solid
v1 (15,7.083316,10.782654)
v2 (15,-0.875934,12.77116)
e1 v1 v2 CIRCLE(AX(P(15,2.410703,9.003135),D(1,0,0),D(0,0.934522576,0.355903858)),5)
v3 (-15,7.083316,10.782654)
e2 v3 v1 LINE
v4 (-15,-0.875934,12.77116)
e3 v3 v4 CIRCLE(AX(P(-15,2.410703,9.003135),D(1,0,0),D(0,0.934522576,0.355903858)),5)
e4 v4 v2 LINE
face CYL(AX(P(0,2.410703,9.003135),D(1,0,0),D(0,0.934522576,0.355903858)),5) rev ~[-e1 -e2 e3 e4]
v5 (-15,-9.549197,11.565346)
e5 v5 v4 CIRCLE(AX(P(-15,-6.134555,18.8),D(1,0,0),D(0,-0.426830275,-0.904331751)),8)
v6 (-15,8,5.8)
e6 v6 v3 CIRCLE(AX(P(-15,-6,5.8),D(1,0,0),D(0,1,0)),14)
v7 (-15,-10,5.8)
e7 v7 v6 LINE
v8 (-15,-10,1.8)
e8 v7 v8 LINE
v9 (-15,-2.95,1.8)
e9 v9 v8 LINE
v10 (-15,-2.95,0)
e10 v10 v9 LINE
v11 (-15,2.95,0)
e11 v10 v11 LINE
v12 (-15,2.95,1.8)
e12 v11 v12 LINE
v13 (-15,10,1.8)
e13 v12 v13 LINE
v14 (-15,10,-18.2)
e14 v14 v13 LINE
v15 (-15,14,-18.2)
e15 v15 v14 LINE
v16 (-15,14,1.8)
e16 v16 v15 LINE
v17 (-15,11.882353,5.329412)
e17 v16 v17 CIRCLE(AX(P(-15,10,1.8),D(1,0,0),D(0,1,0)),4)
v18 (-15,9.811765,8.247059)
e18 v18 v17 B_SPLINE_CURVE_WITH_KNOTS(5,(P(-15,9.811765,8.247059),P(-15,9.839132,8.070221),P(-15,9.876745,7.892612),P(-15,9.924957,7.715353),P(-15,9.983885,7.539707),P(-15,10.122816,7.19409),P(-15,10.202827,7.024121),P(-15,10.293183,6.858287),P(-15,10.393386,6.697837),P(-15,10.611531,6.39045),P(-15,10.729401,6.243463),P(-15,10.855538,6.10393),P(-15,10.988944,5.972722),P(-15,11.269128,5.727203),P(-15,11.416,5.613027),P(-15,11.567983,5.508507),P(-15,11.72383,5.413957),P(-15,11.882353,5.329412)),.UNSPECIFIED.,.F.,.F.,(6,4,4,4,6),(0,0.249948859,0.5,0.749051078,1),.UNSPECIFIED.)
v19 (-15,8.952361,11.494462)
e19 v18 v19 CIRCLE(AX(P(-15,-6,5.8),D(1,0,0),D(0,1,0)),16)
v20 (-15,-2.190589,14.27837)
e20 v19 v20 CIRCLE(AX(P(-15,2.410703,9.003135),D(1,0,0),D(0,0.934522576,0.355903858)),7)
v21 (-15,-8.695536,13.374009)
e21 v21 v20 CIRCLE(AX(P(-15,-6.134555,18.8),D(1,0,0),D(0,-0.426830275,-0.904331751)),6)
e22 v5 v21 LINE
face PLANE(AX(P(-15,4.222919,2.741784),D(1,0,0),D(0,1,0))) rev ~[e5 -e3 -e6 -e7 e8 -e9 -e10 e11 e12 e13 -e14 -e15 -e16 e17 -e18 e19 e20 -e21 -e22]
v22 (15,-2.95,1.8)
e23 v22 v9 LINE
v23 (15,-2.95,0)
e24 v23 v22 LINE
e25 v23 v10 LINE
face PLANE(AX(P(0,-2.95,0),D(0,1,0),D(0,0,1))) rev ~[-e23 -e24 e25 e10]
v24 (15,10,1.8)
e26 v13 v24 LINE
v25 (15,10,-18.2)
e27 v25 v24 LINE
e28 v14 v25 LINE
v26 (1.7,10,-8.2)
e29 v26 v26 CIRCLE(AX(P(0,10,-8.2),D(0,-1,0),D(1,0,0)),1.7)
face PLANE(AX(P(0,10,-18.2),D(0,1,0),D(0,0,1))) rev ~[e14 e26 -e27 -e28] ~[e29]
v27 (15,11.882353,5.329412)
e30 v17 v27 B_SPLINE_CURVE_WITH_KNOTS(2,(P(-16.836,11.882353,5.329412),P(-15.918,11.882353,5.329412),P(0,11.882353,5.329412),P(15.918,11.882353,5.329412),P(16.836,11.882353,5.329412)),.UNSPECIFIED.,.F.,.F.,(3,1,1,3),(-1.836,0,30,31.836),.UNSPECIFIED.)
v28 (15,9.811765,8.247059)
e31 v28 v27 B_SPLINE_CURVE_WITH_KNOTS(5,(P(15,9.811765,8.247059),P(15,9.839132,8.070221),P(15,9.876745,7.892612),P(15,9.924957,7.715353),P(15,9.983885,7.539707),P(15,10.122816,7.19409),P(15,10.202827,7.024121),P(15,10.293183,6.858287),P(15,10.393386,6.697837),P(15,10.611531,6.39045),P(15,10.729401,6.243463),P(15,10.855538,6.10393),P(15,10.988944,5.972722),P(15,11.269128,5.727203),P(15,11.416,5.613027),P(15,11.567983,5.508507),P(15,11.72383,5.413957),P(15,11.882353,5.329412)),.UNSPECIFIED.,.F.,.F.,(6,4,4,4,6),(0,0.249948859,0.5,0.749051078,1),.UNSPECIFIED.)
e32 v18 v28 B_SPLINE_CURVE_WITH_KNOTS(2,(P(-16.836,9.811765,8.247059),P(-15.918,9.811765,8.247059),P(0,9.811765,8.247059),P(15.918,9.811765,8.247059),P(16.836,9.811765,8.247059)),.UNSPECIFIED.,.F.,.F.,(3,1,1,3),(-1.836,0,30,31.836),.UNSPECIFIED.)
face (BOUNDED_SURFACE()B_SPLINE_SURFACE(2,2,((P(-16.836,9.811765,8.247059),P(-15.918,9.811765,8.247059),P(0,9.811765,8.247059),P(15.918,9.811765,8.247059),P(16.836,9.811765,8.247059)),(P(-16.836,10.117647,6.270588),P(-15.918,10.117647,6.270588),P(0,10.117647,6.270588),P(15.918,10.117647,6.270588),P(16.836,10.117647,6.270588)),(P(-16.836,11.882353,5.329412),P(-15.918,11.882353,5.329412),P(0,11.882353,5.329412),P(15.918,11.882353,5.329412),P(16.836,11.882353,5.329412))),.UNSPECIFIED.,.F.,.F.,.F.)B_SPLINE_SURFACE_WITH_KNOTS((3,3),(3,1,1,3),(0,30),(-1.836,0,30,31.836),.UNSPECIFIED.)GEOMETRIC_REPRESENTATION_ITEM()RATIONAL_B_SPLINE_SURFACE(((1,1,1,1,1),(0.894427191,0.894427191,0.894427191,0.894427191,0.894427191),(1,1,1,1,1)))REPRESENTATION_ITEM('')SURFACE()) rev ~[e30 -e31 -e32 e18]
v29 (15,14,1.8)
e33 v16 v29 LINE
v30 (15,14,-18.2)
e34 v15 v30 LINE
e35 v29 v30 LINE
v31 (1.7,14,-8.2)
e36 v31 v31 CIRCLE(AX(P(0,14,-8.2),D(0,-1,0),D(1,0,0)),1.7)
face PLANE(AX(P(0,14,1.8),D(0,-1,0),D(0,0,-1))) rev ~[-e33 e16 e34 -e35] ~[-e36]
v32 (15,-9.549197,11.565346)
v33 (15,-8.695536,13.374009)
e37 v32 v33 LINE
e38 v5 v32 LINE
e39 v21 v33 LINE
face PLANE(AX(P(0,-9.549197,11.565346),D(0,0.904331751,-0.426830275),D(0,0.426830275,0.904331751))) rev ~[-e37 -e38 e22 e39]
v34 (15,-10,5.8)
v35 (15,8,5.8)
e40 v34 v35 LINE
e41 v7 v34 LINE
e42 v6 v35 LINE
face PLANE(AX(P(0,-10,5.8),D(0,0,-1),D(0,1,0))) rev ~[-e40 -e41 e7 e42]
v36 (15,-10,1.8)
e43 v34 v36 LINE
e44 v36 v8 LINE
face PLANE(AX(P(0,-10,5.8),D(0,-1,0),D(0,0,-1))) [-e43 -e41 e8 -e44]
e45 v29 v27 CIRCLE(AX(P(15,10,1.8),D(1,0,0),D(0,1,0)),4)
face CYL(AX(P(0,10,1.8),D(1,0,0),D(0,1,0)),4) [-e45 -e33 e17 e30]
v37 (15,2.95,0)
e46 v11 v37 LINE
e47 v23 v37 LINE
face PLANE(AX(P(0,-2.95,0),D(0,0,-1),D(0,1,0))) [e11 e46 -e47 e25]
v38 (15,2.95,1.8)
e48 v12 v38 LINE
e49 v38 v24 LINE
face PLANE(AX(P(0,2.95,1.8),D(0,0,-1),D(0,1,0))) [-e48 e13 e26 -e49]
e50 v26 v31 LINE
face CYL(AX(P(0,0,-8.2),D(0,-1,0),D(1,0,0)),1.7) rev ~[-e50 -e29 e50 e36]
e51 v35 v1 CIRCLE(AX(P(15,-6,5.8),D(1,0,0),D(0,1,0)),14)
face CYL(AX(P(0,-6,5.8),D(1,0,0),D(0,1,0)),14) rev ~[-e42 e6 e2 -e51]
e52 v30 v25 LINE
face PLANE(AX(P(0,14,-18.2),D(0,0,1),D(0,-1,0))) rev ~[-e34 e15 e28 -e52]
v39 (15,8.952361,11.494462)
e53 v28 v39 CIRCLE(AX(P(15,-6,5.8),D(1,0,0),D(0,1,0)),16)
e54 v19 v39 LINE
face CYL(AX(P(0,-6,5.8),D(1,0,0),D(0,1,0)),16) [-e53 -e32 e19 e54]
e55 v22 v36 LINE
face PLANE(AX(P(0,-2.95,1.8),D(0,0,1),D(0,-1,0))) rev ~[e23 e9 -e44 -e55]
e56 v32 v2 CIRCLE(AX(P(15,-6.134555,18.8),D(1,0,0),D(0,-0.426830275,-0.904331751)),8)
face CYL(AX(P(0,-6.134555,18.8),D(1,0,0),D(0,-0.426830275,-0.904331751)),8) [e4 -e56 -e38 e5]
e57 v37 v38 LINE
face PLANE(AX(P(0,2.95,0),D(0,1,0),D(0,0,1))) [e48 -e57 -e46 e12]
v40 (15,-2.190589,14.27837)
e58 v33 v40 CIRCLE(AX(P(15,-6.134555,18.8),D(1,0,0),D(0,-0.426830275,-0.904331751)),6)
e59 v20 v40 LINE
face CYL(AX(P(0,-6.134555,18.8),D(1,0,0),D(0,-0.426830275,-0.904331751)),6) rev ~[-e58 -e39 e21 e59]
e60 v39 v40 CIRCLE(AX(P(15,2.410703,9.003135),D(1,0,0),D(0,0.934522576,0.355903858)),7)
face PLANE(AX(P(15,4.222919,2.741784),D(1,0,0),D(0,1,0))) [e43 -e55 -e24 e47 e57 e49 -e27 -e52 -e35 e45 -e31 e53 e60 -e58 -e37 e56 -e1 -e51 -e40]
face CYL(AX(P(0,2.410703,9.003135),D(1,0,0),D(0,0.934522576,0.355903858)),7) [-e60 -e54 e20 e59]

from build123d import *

# Parameters (mm, degrees)
PAD018_DEPTH    = 15
FILLET017_R     = 4
SKETCH077_R     = 1.7
POCKET041_DEPTH = 14.0010001


with BuildPart() as part:
    # Sketch076 → Pad018 (new body, symmetric)
    with BuildSketch(Plane.YZ):
        with BuildLine():
            Line((-2.95, 0), (2.95, 0))
            Line((2.95, 0), (2.95, 1.8))
            Line((2.95, 1.8), (10, 1.8))
            Line((10, -18.2), (10, 1.8))
            Line((14, -18.2), (10, -18.2))
            Line((14, 1.8), (14, -18.2))
            ThreePointArc((14, 1.8), (12.8284271247, 4.6284271247), (10, 5.8))
            ThreePointArc((10, 5.8), (9.7359108307, 8.6950147374), (8.9523612088, 11.4944617201))
            ThreePointArc((8.9523612088, 11.4944617201), (4.1074030924, 15.7943944981), (-2.1905894743, 14.2783698696))
            ThreePointArc((-8.6955362552, 13.3740094918), (-5.3083417089, 12.8571578981), (-2.1905894743, 14.2783698696))
            Line((-9.5491968047, 11.565345989), (-8.6955362552, 13.3740094918))
            ThreePointArc((-9.5491968047, 11.565345989), (-5.0329374097, 10.8762105308), (-0.8759344302, 12.7711598262))
            ThreePointArc((7.0833160577, 10.7826540051), (3.6226316889, 13.8540345608), (-0.8759344302, 12.7711598262))
            ThreePointArc((8, 5.8), (7.7689219768, 8.3331378952), (7.0833160577, 10.7826540051))
            Line((-10, 5.8), (8, 5.8))
            Line((-10, 5.8), (-10, 1.8))
            Line((-2.95, 1.8), (-10, 1.8))
            Line((-2.95, 0), (-2.95, 1.8))
        make_face()
    extrude(amount=PAD018_DEPTH, both=True)

    # Fillet017
    fillet017_edges = [part.edges().sort_by_distance(p)[0] for p in [
        (0, 10, 5.8),
    ]]
    fillet(fillet017_edges, radius=FILLET017_R)

    # Sketch077 → Pocket041 (cut, through all)
    with BuildSketch(Plane.XZ):
        with Locations((0, -8.2)):
            Circle(SKETCH077_R)
    extrude(amount=-POCKET041_DEPTH, mode=Mode.SUBTRACT)


solid = part.part
